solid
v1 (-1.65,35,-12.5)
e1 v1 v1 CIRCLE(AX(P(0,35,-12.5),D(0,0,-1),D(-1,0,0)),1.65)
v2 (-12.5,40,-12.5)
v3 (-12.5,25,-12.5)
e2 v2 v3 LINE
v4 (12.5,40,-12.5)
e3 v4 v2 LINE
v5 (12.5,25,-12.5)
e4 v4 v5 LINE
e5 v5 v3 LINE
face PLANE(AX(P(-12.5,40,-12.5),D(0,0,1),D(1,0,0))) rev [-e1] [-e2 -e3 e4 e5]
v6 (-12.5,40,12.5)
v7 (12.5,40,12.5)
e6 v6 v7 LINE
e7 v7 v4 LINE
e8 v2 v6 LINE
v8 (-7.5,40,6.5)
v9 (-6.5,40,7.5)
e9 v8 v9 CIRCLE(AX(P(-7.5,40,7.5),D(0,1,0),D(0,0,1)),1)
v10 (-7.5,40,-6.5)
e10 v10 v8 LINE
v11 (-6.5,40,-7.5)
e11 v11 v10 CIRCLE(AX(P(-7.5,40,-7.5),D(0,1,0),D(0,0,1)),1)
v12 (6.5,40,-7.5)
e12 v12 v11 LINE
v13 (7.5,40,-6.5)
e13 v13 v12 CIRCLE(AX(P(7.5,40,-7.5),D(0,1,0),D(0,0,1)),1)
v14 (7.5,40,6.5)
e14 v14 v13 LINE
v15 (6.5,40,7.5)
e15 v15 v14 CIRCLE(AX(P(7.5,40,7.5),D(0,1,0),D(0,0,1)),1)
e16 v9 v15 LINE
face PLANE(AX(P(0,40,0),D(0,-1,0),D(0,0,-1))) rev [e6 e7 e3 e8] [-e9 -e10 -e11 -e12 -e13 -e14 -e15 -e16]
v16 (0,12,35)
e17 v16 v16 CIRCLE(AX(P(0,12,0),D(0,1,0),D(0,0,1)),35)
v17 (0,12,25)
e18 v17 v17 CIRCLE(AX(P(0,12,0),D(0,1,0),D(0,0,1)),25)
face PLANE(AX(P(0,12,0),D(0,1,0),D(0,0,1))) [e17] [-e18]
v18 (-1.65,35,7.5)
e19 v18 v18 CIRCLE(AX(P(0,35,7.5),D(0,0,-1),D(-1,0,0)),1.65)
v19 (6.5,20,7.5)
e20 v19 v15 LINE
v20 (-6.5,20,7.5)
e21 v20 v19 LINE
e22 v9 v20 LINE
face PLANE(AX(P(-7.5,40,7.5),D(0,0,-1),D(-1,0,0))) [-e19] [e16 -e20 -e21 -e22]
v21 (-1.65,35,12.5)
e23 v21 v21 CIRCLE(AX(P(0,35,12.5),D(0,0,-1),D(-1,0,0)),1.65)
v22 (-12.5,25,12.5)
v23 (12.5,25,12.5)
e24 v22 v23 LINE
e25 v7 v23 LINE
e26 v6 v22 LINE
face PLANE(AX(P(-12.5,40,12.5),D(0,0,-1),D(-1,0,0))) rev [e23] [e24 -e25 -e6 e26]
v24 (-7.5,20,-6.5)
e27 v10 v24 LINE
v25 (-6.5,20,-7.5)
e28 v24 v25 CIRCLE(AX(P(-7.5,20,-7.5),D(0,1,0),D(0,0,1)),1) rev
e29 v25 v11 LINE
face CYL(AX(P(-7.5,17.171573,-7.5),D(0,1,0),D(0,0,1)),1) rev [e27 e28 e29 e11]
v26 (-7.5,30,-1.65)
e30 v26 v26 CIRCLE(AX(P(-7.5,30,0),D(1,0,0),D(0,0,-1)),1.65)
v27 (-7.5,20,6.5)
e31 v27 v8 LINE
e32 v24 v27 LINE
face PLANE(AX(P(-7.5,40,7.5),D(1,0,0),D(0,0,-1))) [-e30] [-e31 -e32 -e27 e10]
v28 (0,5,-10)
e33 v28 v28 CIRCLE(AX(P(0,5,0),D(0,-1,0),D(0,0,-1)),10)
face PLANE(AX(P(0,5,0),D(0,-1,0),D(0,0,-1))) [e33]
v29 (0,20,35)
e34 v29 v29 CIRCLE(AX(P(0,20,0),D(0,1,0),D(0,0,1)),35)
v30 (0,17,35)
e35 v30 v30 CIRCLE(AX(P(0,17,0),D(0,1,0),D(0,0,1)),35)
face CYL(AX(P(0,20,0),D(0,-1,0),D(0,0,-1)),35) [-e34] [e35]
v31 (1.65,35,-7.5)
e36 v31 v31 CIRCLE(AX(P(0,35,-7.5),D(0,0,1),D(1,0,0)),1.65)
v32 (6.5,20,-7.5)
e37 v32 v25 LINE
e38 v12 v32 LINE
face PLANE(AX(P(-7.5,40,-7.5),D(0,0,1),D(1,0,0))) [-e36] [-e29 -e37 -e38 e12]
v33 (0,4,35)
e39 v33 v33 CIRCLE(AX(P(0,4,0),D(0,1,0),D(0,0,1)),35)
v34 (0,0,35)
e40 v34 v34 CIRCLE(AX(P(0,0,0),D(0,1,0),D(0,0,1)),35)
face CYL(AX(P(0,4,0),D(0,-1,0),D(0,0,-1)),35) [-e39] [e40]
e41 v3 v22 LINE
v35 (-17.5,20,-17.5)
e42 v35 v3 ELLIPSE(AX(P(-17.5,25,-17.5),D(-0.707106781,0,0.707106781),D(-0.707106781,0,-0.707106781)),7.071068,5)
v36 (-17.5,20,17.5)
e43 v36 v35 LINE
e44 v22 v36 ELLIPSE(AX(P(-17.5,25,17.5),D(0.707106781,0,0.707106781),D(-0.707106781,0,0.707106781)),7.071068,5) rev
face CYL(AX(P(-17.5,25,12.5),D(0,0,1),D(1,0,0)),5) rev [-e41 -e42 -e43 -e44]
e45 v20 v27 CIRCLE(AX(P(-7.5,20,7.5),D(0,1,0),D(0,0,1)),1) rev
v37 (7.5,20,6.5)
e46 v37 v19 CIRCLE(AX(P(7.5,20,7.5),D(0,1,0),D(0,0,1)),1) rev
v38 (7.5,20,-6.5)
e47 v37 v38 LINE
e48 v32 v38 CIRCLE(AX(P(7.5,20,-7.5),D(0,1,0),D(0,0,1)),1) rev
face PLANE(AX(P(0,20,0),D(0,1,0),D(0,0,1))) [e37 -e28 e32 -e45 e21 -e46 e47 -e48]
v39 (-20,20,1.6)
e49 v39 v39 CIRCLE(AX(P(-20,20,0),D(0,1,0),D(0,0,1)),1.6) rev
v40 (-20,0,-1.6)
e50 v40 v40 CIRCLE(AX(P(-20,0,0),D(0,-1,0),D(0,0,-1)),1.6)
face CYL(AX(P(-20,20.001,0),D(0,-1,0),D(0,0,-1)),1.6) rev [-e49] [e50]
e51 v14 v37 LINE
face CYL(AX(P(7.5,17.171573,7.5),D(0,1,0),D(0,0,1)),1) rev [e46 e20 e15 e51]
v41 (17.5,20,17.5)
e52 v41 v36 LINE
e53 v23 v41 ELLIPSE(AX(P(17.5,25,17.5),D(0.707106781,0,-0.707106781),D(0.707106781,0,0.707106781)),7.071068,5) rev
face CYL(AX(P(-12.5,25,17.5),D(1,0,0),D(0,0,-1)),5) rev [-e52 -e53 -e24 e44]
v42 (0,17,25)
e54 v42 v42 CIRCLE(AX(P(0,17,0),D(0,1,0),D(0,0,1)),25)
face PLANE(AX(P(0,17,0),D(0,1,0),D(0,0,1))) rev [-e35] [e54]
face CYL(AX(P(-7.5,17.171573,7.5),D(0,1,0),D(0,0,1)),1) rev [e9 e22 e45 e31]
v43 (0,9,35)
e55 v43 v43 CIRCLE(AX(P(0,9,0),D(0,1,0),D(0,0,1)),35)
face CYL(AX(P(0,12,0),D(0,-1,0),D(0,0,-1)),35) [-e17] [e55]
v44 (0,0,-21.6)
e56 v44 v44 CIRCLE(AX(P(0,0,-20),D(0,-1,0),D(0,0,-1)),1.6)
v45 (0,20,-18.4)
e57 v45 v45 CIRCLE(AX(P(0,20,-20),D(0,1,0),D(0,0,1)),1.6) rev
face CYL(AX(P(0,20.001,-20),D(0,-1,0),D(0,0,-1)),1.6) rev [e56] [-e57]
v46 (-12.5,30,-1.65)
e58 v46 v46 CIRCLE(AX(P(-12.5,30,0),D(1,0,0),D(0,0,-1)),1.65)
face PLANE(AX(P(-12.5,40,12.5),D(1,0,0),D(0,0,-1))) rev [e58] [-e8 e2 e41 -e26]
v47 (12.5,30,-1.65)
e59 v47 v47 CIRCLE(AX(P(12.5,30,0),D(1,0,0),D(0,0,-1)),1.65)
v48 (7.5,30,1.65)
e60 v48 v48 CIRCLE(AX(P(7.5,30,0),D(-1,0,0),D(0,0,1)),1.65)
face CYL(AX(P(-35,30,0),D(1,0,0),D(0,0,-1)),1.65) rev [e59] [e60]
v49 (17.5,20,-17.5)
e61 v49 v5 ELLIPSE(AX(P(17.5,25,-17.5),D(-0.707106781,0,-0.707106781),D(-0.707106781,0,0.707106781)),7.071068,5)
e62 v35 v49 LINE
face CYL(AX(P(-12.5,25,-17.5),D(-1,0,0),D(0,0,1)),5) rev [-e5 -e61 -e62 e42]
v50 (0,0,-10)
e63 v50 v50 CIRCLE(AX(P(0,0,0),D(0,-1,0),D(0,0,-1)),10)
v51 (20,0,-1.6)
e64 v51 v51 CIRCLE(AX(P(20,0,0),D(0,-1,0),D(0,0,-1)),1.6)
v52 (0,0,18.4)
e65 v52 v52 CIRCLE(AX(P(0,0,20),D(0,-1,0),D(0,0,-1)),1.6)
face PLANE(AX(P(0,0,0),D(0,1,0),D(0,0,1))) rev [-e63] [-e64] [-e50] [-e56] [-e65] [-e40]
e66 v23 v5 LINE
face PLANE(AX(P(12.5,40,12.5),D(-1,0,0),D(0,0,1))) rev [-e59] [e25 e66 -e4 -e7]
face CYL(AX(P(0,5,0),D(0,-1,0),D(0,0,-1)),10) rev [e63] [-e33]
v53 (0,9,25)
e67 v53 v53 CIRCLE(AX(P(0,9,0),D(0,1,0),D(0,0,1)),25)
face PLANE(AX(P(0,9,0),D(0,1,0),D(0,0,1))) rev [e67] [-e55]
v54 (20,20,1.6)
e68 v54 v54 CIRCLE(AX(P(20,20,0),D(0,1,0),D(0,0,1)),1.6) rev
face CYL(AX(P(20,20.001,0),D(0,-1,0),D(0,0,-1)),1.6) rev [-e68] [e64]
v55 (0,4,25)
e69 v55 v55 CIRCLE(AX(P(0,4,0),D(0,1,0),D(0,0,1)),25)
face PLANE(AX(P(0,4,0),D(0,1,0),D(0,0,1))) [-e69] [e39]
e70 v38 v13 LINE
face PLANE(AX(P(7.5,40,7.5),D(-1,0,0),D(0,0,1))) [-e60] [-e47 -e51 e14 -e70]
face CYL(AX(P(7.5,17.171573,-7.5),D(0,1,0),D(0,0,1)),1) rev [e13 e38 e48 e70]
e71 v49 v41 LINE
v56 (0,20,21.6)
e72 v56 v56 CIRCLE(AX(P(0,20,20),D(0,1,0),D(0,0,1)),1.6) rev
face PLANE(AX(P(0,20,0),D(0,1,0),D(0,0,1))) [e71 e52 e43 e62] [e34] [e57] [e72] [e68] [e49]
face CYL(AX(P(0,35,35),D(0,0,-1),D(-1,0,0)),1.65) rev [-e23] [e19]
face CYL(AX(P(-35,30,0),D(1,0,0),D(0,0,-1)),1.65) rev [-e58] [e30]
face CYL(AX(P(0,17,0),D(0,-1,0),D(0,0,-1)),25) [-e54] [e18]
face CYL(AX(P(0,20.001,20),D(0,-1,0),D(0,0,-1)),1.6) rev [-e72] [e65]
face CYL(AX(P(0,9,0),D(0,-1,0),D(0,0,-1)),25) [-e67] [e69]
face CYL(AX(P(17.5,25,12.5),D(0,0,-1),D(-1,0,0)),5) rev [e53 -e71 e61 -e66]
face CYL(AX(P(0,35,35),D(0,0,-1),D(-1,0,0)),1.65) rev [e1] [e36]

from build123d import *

# Parameters (mm, degrees)
SKETCH_1_R          = 35
EXTRUDE_1_DEPTH     = 4
SKETCH_2_R          = 25
EXTRUDE_2_DEPTH     = 5
SKETCH_3_R          = 35
EXTRUDE_3_DEPTH     = 3
SKETCH_4_R          = 25
EXTRUDE_4_DEPTH     = 5
SKETCH_5_R          = 35
EXTRUDE_5_DEPTH     = 3
CUT_EXTRUDE_1_REACH = 55.385
SKETCH_6_R          = 1.6
SKETCH_7_R          = 10
CUT_EXTRUDE_2_DEPTH = 5
SKETCH_10_W         = 25
SKETCH_10_H         = 25
SKETCH_10_W_2       = 15
SKETCH_10_H_2       = 15
EXTRUDE_6_DEPTH     = 20
SKETCH_12_R         = 1
CUT_EXTRUDE_5_DEPTH = 20
FILLET_1_R          = 5
SKETCH_13_R         = 1.65
CUT_EXTRUDE_6_DEPTH = 72.282887147
SKETCH_14_R         = 1.65
CUT_EXTRUDE_7_DEPTH = 72.282887147


with BuildPart() as part:
    # 草图1 → 凸台-拉伸1 (new body)
    with BuildSketch(Plane(origin=(0, 0, 0), x_dir=(1, 0, 0), z_dir=(0, 1, 0))):
        with Locations(Location((0, 0, 0), (0, 0, 270))):
            Circle(SKETCH_1_R)
    extrude(amount=EXTRUDE_1_DEPTH)

    # 草图2 → 凸台-拉伸2 (add)
    with BuildSketch(Plane(origin=(0, 4, 0), x_dir=(1, 0, 0), z_dir=(0, 1, 0))):
        with Locations(Location((0, 0, 0), (0, 0, 270))):
            Circle(SKETCH_2_R)
    extrude(amount=EXTRUDE_2_DEPTH)

    # 草图3 → 凸台-拉伸3 (add)
    with BuildSketch(Plane(origin=(0, 9, 0), x_dir=(1, 0, 0), z_dir=(0, 1, 0))):
        with Locations(Location((0, 0, 0), (0, 0, 270))):
            Circle(SKETCH_3_R)
    extrude(amount=EXTRUDE_3_DEPTH)

    # 草图4 → 凸台-拉伸4 (add)
    with BuildSketch(Plane(origin=(0, 12, 0), x_dir=(1, 0, 0), z_dir=(0, 1, 0))):
        with Locations(Location((0, 0, 0), (0, 0, 270))):
            Circle(SKETCH_4_R)
    extrude(amount=EXTRUDE_4_DEPTH)

    # 草图5 → 凸台-拉伸5 (add)
    with BuildSketch(Plane(origin=(0, 17, 0), x_dir=(1, 0, 0), z_dir=(0, 1, 0))):
        with Locations(Location((0, 0, 0), (0, 0, 270))):
            Circle(SKETCH_5_R)
    extrude(amount=EXTRUDE_5_DEPTH)

    # 草图6 → 切除-拉伸1 (cut, up to next)
    with BuildSketch(Plane.XZ, mode=Mode.PRIVATE) as cut_extrude_1_sk1:
        with Locations(Location((-20, 0, 0), (0, 0, 270))):
            Circle(SKETCH_6_R)
    cut_extrude_1_tool1 = extrude(cut_extrude_1_sk1.sketch, amount=-CUT_EXTRUDE_1_REACH, mode=Mode.PRIVATE) & part.part
    # 草图6 → 切除-拉伸1 (cut, up to next)
    with BuildSketch(Plane.XZ, mode=Mode.PRIVATE) as cut_extrude_1_sk2:
        with Locations(Location((0, 20, 0), (0, 0, 270))):
            Circle(SKETCH_6_R)
    cut_extrude_1_tool2 = extrude(cut_extrude_1_sk2.sketch, amount=-CUT_EXTRUDE_1_REACH, mode=Mode.PRIVATE) & part.part
    # 草图6 → 切除-拉伸1 (cut, up to next)
    with BuildSketch(Plane.XZ, mode=Mode.PRIVATE) as cut_extrude_1_sk3:
        with Locations(Location((0, -20, 0), (0, 0, 270))):
            Circle(SKETCH_6_R)
    cut_extrude_1_tool3 = extrude(cut_extrude_1_sk3.sketch, amount=-CUT_EXTRUDE_1_REACH, mode=Mode.PRIVATE) & part.part
    # 草图6 → 切除-拉伸1 (cut, up to next)
    with BuildSketch(Plane.XZ, mode=Mode.PRIVATE) as cut_extrude_1_sk4:
        with Locations(Location((20, 0, 0), (0, 0, 270))):
            Circle(SKETCH_6_R)
    cut_extrude_1_tool4 = extrude(cut_extrude_1_sk4.sketch, amount=-CUT_EXTRUDE_1_REACH, mode=Mode.PRIVATE) & part.part
    add(cut_extrude_1_tool1.solids().sort_by_distance((-20, 0, 0))[0], mode=Mode.SUBTRACT)
    add(cut_extrude_1_tool2.solids().sort_by_distance((0, 0, 20))[0], mode=Mode.SUBTRACT)
    add(cut_extrude_1_tool3.solids().sort_by_distance((0, 0, -20))[0], mode=Mode.SUBTRACT)
    add(cut_extrude_1_tool4.solids().sort_by_distance((20, 0, 0))[0], mode=Mode.SUBTRACT)

    # 草图7 → 切除-拉伸2 (cut)
    with BuildSketch(Plane.XZ):
        with Locations(Location((0, 0, 0), (0, 0, 270))):
            Circle(SKETCH_7_R)
    extrude(amount=-CUT_EXTRUDE_2_DEPTH, mode=Mode.SUBTRACT)

    # 草图10 → 凸台-拉伸6 (add)
    with BuildSketch(Plane(origin=(0, 20, 0), x_dir=(1, 0, 0), z_dir=(0, 1, 0))):
        Rectangle(SKETCH_10_W, SKETCH_10_H)
        Rectangle(SKETCH_10_W_2, SKETCH_10_H_2, mode=Mode.SUBTRACT)
    extrude(amount=EXTRUDE_6_DEPTH)

    # 草图12 → 切除-拉伸5 (cut)
    with BuildSketch(Plane(origin=(0, 40, 0), x_dir=(1, 0, 0), z_dir=(0, 1, 0))):
        with Locations((7.5, 7.5)):
            Circle(SKETCH_12_R)
        with Locations((-7.5, 7.5)):
            Circle(SKETCH_12_R)
        with Locations((-7.5, -7.5)):
            Circle(SKETCH_12_R)
        with Locations((7.5, -7.5)):
            Circle(SKETCH_12_R)
    extrude(amount=-CUT_EXTRUDE_5_DEPTH, mode=Mode.SUBTRACT)

    # 圆角1
    fillet_1_edges = [part.edges().sort_by_distance(p)[0] for p in [
        (12.5, 20, 0),
        (0, 20, -12.5),
        (-12.5, 20, 0),
        (0, 20, 12.5),
    ]]
    fillet(fillet_1_edges, radius=FILLET_1_R)

    # 草图13 → 切除-拉伸6 (cut, through all)
    with BuildSketch(Plane(origin=(12.5, 0, 0), x_dir=(0, 0, -1), z_dir=(1, 0, 0))):
        with Locations((0, 30)):
            Circle(SKETCH_13_R)
    extrude(amount=-CUT_EXTRUDE_6_DEPTH, mode=Mode.SUBTRACT)

    # 草图14 → 切除-拉伸7 (cut, through all)
    with BuildSketch(Plane(origin=(0, 0, -12.5), x_dir=(-1, 0, 0), z_dir=(0, 0, -1))):
        with Locations((0, 35)):
            Circle(SKETCH_14_R)
    extrude(amount=-CUT_EXTRUDE_7_DEPTH, mode=Mode.SUBTRACT)


solid = part.part
